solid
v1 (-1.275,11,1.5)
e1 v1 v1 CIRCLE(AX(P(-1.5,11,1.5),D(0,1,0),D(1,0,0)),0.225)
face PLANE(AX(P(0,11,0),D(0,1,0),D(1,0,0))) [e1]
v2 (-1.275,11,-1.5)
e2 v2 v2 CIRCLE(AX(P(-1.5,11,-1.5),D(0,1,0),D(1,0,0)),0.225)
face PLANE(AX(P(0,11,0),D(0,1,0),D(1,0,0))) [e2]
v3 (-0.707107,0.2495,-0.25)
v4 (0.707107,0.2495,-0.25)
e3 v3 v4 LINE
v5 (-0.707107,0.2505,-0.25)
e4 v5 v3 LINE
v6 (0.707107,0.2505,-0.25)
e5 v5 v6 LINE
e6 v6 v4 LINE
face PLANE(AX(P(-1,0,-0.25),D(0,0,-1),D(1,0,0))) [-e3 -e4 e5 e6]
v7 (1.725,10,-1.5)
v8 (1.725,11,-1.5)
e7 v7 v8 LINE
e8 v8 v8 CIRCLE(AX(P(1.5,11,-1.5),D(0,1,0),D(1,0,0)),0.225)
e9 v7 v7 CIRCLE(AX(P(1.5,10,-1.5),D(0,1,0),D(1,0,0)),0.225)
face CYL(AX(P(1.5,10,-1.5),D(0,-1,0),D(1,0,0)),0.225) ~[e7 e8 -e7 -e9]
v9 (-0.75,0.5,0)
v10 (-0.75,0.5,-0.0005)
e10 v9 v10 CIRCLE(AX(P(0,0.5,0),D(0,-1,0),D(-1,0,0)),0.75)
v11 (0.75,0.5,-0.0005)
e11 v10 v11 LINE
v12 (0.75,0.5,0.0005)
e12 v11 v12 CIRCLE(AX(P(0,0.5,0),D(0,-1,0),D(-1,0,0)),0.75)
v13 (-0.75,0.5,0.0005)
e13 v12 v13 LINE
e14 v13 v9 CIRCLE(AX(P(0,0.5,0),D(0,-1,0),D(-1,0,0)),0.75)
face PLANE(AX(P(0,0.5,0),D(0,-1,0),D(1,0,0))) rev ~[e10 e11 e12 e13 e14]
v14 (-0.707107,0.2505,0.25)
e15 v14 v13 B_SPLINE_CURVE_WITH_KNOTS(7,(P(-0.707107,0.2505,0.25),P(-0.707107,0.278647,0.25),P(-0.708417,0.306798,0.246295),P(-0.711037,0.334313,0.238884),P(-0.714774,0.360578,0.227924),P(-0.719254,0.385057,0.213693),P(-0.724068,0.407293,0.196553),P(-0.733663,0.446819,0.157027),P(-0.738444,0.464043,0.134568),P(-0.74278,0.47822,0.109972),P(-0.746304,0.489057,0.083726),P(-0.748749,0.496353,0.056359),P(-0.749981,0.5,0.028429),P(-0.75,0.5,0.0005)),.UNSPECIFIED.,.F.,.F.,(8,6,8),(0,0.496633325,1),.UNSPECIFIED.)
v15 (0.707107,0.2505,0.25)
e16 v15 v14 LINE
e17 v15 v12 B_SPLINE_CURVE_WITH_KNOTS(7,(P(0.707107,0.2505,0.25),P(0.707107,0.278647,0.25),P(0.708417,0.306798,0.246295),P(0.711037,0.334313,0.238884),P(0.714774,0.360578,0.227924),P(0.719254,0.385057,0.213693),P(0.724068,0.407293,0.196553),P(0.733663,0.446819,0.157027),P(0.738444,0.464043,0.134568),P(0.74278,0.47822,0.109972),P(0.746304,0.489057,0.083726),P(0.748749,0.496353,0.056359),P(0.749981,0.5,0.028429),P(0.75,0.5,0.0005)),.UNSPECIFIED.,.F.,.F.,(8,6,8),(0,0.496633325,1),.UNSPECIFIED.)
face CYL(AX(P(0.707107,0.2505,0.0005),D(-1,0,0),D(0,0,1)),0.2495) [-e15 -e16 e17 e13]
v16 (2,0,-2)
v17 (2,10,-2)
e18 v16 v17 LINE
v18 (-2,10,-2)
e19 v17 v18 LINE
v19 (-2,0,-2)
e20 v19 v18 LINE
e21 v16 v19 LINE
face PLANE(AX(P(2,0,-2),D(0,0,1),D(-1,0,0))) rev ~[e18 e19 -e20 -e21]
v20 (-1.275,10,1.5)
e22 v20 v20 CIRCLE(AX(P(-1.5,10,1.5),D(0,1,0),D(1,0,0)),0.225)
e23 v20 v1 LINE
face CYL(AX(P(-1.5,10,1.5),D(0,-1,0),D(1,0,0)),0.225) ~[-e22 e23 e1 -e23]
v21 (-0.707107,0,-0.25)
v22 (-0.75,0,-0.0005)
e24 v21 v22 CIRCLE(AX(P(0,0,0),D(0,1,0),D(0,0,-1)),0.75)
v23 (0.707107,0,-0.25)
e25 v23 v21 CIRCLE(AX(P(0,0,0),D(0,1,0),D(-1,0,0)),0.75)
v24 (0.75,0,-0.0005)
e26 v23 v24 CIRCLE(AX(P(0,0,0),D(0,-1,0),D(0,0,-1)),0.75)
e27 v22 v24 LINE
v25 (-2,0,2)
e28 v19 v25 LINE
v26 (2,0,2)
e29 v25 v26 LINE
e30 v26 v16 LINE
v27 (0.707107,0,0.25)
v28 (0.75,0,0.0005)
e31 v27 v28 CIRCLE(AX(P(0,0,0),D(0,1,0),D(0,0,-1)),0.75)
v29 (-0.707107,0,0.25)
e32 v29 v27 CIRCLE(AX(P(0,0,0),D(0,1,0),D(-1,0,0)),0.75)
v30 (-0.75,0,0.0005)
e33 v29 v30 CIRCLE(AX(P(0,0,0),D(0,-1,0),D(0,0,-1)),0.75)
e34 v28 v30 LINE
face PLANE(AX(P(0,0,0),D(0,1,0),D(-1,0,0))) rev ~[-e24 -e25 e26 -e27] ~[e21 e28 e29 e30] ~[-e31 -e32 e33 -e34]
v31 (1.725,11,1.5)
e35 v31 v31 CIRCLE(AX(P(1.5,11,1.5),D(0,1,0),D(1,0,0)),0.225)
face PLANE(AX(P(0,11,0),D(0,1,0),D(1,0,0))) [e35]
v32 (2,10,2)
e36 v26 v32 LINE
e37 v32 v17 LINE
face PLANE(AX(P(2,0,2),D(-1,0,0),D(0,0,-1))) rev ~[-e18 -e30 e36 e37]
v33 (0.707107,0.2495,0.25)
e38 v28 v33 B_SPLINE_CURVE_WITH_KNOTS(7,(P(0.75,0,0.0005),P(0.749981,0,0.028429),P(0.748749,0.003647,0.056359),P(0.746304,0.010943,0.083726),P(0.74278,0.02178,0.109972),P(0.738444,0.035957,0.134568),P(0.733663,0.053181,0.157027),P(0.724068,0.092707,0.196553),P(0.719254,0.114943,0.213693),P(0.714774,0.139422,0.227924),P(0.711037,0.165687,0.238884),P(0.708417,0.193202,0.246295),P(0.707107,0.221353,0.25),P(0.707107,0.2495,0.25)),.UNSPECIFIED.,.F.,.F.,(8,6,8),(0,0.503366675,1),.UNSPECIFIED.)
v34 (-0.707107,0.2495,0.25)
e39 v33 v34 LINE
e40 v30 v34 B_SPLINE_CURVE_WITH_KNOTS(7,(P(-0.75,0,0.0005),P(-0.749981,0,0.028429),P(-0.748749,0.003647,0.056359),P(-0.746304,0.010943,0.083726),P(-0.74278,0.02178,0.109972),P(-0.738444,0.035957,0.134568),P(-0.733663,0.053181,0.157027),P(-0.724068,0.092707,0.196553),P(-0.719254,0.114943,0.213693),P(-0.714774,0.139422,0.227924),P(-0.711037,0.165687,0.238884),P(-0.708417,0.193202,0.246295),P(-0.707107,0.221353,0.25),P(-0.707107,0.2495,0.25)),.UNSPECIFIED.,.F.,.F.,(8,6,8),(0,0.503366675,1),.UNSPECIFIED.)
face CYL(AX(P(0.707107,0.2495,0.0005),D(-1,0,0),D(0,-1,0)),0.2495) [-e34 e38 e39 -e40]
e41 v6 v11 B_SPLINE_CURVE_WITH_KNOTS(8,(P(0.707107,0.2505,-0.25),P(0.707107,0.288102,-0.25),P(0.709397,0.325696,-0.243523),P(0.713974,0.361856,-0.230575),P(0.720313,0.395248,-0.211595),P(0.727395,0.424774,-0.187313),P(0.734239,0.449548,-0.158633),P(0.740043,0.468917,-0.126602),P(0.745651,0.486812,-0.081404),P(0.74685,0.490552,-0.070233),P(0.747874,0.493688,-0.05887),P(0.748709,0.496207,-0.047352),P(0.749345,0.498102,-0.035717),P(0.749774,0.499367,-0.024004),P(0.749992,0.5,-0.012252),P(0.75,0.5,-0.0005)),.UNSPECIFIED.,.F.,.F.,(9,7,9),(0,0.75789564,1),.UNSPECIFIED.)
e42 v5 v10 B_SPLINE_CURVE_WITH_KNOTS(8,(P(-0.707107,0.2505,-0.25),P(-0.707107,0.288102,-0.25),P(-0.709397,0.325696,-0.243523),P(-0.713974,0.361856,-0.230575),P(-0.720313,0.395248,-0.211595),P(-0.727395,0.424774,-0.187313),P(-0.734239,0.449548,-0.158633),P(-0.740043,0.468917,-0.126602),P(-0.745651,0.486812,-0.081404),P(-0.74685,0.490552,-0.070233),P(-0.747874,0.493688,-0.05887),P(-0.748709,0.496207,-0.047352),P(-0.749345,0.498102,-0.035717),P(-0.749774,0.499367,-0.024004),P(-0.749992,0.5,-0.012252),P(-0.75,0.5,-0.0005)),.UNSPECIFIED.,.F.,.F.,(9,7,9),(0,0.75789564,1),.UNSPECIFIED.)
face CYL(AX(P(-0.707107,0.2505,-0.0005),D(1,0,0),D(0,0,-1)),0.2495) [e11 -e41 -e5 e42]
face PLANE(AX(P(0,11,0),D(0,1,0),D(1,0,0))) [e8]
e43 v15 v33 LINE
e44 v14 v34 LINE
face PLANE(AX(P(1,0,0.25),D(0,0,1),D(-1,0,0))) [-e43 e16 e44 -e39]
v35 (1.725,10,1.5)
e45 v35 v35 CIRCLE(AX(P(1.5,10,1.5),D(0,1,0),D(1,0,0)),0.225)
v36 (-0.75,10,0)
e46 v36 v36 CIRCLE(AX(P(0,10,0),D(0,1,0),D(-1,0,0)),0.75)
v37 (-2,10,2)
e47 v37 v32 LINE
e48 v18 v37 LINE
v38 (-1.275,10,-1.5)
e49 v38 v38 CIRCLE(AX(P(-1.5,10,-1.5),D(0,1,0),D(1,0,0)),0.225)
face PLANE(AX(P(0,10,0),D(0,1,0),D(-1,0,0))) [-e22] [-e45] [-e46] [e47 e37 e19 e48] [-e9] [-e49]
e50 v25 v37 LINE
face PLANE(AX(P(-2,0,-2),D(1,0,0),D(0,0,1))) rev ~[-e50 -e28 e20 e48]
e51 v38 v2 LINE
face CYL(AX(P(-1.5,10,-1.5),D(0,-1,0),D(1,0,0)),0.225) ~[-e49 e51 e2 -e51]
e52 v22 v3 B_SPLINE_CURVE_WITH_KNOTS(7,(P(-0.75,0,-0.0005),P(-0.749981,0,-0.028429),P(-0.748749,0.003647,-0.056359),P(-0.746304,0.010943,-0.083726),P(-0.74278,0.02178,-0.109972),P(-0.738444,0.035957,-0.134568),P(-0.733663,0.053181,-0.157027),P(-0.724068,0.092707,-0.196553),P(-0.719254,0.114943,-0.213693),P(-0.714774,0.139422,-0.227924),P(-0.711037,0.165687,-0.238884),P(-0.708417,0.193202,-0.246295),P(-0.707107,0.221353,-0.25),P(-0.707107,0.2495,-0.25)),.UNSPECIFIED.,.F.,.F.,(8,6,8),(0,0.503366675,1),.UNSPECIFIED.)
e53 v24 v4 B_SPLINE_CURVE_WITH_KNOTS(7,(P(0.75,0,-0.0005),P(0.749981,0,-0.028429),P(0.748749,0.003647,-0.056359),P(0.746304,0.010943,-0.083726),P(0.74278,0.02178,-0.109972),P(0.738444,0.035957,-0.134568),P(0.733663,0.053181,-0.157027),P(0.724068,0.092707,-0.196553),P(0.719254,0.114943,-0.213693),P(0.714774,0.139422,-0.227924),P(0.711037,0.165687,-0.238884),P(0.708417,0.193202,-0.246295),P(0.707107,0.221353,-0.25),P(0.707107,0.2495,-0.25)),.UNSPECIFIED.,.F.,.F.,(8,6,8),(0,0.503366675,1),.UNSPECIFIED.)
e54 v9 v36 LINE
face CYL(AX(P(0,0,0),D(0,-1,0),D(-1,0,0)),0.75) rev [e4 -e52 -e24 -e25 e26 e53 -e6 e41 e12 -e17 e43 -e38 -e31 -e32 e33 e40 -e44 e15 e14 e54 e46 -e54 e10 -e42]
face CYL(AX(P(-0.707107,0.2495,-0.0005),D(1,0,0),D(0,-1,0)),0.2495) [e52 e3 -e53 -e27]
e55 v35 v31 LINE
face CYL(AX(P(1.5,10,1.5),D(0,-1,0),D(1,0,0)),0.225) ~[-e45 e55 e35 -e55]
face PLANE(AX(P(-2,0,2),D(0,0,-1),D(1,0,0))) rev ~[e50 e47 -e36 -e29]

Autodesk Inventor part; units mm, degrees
ref_plane "YZ Plane" through (0, 0, 0) normal (1, 0, 0) x (0, 1, 0)
ref_plane "XZ Plane" through (0, 0, 0) normal (0, 1, 0) x (-1, 0, 0)
ref_plane "XY Plane" through (0, 0, 0) normal (0, 0, 1) x (1, 0, 0)
sketch "Sketch1" plane through (0, 0, 0) normal (0, 1, 0) x (-1, 0, 0)
  line L0 (2, 2) -> (-2, 2)
  line L1 (-2, 2) -> (-2, -2)
  line L2 (-2, -2) -> (2, -2)
  line L3 (2, -2) -> (2, 2)
  line L4 (2, 2) -> (-2, -2) construction
  line L5 (-2, 2) -> (2, -2) construction
  circle A0 centre (0, 0) radius 0.75
  dimension "d0" = 4
  dimension "d1" = 4
  dimension "d2" = 1.5
extrude "Extrusion1" add sketch "Sketch1" along normal blind 10
sketch "Sketch2" plane through (0, 10, 0) normal (0, 1, 0) x (1, 0, 0)
  line L0 (-1.5, 1.5) -> (1.5, -1.5) construction
  line L1 (1.5, 1.5) -> (-1.5, -1.5) construction
  circle A0 centre (1.5, -1.5) radius 0.225
  circle A1 centre (1.5, 1.5) radius 0.225
  circle A2 centre (-1.5, 1.5) radius 0.225
  circle A3 centre (-1.5, -1.5) radius 0.225
  point P0 (0, 0)
  dimension "d5" = 3
  dimension "d7" = 0.45
  dimension "d8" = 0.45
  dimension "d9" = 0.45
  dimension "d10" = 0.45
extrude "Extrusion2" add sketch "Sketch2" along normal blind 1
sketch "Sketch3" plane through (0, 0, 0) normal (0, -1, 0) x (1, 0, 0)
  line L0 (1, 0.25) -> (-1, 0.25)
  line L1 (-1, 0.25) -> (-1, -0.25)
  line L2 (-1, -0.25) -> (1, -0.25)
  line L3 (1, -0.25) -> (1, 0.25)
  line L4 (1, 0.25) -> (-1, -0.25) construction
  line L5 (-1, 0.25) -> (1, -0.25) construction
  point P0 (0, 0)
  dimension "d13" = 2
  dimension "d14" = 0.5
extrude "Extrusion3" add sketch "Sketch3" against normal blind 0.5
fillet "Fillet1" radius 0.25 4 edges at (0, 0, 0.25) (0, 0, -0.25) (0, 0.5, 0.25) (0, 0.5, -0.25)
properties part number "SpringAttachment"
